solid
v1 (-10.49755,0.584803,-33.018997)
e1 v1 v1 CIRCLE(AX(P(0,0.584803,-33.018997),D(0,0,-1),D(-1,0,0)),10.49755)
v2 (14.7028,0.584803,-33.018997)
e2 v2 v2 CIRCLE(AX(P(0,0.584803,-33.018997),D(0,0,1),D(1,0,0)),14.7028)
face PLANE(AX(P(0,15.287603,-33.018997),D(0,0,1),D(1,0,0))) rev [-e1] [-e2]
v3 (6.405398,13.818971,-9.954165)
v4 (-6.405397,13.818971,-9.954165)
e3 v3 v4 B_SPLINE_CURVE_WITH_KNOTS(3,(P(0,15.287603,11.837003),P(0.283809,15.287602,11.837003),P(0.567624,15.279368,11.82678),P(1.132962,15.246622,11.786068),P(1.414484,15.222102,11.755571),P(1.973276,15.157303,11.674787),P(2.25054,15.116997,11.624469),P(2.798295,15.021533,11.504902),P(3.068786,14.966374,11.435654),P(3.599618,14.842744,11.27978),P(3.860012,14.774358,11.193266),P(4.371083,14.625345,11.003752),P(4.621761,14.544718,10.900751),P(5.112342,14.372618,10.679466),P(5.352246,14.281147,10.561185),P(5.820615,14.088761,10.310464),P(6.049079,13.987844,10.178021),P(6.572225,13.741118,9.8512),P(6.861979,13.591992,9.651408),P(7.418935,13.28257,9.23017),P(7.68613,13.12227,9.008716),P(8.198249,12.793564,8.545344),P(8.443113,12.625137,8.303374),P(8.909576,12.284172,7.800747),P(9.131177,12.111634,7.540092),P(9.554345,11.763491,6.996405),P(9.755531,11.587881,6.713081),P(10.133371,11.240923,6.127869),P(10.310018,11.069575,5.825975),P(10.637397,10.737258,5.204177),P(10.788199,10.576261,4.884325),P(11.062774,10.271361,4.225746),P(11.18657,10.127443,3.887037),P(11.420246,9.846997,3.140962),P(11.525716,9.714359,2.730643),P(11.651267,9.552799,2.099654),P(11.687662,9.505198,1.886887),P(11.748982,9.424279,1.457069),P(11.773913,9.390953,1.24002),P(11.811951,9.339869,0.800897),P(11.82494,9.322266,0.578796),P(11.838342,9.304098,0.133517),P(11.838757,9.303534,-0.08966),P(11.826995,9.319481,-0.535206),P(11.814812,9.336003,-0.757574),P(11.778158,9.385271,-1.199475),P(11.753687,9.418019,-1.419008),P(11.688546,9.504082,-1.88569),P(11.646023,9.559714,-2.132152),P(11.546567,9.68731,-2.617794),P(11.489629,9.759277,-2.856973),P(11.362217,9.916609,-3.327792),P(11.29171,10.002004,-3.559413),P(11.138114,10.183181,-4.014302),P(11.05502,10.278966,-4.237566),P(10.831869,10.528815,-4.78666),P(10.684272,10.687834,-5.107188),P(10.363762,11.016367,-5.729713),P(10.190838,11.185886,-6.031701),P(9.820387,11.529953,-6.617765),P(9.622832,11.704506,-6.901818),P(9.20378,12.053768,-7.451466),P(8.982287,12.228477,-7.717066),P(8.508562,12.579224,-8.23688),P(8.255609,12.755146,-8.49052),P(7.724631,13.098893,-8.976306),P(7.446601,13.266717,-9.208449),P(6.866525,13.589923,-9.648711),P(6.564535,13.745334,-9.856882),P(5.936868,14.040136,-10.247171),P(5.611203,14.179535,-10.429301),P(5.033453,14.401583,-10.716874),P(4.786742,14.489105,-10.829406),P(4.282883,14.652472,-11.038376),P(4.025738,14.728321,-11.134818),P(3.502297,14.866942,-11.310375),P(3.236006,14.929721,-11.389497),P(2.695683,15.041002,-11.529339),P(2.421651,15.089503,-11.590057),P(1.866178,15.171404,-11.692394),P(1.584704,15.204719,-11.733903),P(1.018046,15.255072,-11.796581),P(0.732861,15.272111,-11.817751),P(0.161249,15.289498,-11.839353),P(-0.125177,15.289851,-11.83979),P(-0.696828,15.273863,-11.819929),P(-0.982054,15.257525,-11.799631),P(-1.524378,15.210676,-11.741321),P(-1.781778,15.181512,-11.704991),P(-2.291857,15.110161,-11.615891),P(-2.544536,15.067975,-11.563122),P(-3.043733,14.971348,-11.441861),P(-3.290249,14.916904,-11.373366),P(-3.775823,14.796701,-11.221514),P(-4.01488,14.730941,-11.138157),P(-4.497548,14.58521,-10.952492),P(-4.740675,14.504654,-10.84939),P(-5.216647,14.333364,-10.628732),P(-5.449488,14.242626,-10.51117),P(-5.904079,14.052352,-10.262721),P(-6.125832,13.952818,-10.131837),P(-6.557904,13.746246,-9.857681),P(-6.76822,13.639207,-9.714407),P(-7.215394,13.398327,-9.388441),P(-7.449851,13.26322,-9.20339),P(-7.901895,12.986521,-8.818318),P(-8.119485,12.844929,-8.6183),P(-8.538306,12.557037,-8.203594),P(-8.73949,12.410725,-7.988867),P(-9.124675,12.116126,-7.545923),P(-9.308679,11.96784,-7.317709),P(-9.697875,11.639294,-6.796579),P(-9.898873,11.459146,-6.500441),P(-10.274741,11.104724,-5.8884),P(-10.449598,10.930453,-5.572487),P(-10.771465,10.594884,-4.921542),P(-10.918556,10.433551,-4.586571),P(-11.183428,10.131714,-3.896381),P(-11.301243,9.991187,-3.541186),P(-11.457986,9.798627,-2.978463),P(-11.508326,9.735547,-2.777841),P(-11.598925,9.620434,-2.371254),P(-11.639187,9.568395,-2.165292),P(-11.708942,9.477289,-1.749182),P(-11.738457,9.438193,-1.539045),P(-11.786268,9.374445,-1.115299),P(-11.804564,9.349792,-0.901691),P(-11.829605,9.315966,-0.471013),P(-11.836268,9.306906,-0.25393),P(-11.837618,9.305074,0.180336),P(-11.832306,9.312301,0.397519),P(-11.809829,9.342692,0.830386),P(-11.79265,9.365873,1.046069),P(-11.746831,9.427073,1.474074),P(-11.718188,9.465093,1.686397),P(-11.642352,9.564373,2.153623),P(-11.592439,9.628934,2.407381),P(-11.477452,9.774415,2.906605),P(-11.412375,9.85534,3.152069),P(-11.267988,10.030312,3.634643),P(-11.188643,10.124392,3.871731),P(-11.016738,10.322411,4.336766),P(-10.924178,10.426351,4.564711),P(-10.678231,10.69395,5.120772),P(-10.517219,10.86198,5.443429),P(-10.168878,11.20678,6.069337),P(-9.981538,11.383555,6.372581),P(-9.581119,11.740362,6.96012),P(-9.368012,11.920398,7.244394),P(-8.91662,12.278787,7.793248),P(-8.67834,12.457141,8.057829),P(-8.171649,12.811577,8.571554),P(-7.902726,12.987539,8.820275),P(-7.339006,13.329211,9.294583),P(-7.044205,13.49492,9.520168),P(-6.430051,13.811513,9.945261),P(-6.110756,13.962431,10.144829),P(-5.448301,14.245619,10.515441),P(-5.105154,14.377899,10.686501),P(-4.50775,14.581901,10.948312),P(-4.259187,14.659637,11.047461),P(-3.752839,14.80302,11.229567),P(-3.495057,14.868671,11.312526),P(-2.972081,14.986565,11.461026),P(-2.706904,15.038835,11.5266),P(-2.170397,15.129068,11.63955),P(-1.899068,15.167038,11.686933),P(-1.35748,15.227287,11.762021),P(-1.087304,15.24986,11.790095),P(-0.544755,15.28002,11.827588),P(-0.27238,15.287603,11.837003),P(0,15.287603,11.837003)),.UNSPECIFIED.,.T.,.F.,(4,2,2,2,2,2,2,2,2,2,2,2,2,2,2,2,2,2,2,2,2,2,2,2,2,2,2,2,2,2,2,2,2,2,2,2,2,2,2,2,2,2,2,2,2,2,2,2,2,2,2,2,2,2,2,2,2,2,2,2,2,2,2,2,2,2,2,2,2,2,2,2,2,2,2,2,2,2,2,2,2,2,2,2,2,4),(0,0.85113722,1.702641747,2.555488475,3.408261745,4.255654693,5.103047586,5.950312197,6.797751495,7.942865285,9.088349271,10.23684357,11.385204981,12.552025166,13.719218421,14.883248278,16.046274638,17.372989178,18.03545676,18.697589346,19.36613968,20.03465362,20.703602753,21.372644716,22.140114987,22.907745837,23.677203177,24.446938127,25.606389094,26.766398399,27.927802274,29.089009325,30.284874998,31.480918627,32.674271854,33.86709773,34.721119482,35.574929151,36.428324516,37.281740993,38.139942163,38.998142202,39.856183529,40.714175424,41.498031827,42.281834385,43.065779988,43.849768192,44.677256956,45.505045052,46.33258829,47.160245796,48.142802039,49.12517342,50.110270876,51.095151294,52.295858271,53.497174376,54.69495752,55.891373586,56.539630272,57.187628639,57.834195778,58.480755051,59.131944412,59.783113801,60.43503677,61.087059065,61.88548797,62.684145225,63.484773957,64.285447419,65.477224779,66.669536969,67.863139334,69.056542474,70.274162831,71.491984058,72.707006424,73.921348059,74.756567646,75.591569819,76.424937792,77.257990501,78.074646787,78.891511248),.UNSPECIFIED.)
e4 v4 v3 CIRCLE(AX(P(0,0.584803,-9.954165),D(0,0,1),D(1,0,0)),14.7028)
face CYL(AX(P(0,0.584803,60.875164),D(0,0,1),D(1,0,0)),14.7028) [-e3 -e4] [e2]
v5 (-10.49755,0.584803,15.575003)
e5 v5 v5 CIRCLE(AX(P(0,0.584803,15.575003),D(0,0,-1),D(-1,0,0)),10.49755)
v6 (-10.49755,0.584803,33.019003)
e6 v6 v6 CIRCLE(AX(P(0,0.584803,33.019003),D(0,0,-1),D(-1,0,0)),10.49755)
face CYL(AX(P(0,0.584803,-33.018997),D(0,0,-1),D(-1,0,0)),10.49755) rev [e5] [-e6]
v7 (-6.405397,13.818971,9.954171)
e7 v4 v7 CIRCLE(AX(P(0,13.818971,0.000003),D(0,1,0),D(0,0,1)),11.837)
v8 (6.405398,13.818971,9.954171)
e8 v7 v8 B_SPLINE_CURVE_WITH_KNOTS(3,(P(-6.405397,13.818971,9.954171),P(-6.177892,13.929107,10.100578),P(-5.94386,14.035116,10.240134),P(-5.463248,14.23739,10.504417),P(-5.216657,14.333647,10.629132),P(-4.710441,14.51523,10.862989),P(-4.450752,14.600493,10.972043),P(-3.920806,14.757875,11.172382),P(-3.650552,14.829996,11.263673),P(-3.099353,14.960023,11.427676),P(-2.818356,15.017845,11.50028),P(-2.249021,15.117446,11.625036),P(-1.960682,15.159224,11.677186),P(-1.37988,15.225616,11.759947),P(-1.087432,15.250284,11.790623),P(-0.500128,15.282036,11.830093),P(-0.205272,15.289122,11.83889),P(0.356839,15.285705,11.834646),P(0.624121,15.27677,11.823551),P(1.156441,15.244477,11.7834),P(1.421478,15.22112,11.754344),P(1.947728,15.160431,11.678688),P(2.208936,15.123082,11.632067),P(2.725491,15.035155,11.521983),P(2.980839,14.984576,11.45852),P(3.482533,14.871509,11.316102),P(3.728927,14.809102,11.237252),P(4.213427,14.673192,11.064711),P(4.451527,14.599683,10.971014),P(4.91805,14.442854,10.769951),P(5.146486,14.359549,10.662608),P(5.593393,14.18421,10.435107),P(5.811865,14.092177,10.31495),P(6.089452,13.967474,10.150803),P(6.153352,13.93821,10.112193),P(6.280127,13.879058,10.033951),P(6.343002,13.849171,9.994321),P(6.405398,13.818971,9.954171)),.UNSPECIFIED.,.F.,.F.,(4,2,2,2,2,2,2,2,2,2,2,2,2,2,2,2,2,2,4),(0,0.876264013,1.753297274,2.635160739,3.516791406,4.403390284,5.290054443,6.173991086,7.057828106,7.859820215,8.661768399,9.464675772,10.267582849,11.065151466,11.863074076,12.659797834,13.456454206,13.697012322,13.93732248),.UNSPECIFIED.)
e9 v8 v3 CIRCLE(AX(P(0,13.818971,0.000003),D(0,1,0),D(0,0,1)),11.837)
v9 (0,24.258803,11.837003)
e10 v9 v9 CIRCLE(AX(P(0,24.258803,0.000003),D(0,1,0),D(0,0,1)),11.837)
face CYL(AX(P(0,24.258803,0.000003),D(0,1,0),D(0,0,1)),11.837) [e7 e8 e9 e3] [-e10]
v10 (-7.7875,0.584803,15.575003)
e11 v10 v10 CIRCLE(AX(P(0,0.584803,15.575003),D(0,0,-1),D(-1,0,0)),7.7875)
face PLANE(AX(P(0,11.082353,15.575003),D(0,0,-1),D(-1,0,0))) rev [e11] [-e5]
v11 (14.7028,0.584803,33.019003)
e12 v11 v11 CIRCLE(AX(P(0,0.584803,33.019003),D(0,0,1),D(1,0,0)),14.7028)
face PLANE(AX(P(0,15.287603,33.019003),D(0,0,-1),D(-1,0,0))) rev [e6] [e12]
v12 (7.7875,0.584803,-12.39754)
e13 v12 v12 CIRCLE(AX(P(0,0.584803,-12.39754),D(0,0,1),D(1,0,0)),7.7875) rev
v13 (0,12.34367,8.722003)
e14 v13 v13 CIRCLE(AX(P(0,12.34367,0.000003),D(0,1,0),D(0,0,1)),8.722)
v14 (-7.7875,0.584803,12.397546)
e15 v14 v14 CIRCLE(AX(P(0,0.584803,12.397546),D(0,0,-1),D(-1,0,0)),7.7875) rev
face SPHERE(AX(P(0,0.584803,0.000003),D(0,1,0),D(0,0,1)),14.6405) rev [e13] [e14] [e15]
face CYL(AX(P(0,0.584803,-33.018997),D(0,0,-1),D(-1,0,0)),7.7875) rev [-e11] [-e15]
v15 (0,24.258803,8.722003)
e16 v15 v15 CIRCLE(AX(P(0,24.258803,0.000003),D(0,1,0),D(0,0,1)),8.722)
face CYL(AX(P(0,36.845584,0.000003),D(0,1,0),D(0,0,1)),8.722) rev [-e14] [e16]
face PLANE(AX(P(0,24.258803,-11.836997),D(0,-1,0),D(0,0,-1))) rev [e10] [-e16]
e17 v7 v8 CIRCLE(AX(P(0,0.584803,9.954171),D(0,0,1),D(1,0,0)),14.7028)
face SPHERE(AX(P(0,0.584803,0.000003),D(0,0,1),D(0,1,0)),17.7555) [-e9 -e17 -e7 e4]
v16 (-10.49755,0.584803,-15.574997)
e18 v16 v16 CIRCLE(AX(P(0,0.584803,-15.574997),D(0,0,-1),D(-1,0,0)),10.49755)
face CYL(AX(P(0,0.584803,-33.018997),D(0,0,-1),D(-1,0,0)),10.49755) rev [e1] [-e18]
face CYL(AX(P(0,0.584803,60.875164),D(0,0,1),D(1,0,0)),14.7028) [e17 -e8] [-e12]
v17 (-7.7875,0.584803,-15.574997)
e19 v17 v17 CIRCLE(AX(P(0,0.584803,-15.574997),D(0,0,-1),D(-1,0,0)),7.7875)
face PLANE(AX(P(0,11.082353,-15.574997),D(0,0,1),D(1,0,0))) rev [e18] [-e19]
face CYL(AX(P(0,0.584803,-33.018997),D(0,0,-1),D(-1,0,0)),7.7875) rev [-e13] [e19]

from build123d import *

# Parameters (mm, degrees)
SCALE1_SCALE = 0.623


with BuildPart() as part:
    # Sketch2 → RevolveBody (revolve)
    with BuildSketch(Plane(origin=(0, 0, 0), x_dir=(0, 0, -1), z_dir=(1, 0, 0))):
        with BuildLine():
            Line((53, 23.6), (15.977797095, 23.6))
            ThreePointArc((15.977797095, 23.6), (0, 28.5), (-15.977797095, 23.6))
            Line((-15.977797095, 23.6), (-53, 23.6))
            Line((-53, 23.6), (-53, 0))
            Line((-53, 0), (53, 0))
            Line((53, 0), (53, 23.6))
        make_face()
    revolve(axis=Axis((0, 0, 97.71293904), (0, 0, -1)))

    # Sketch3 → RevStem (revolve)
    with BuildSketch(Plane(origin=(0, 0, 0), x_dir=(0, 0, -1), z_dir=(1, 0, 0))):
        with BuildLine():
            Line((19, 38), (19, 21.242645786))
            ThreePointArc((19, 21.242645786), (10.169429559, 26.62391223), (0, 28.5))
            Line((0, 28.5), (0, 38))
            Line((0, 38), (19, 38))
        make_face()
    revolve(axis=Axis((0, 38, 0), (0, -1, 0)))

    # Sketch4 → CoreBody (revolve, cut)
    with BuildSketch(Plane(origin=(0, 0, 0), x_dir=(0, 0, -1), z_dir=(1, 0, 0))):
        Polygon((53, 16.85), (53, 0), (-53, 0), (-53, 16.85), (-25, 16.85), (-25, 12.5), (25, 12.5), (25, 16.85), align=None)
    revolve(axis=Axis((0, 0, -53), (0, 0, 1)), mode=Mode.SUBTRACT)

    # Sketch5 → CoreStem (revolve, cut)
    with BuildSketch(Plane(origin=(0, 0, 0), x_dir=(0, 0, -1), z_dir=(1, 0, 0))):
        with BuildLine():
            Line((14, 38), (0, 38))
            Line((0, 38), (0, -23.5))
            ThreePointArc((0, -23.5), (22.313704008, -7.37215121), (14, 18.874586088))
            Line((14, 18.874586088), (14, 38))
        make_face()
    revolve(axis=Axis((0, 58.20350065, 0), (0, -1, 0)), mode=Mode.SUBTRACT)


with BuildPart() as part_1:
    # Scale1: scaled about (-8.85e-07, 1.551247427, 4.25e-06)
    add(part.part.scale(SCALE1_SCALE).moved(Location((-3.34e-07, 0.58482028, 1.602e-06))))


solid = part_1.part
